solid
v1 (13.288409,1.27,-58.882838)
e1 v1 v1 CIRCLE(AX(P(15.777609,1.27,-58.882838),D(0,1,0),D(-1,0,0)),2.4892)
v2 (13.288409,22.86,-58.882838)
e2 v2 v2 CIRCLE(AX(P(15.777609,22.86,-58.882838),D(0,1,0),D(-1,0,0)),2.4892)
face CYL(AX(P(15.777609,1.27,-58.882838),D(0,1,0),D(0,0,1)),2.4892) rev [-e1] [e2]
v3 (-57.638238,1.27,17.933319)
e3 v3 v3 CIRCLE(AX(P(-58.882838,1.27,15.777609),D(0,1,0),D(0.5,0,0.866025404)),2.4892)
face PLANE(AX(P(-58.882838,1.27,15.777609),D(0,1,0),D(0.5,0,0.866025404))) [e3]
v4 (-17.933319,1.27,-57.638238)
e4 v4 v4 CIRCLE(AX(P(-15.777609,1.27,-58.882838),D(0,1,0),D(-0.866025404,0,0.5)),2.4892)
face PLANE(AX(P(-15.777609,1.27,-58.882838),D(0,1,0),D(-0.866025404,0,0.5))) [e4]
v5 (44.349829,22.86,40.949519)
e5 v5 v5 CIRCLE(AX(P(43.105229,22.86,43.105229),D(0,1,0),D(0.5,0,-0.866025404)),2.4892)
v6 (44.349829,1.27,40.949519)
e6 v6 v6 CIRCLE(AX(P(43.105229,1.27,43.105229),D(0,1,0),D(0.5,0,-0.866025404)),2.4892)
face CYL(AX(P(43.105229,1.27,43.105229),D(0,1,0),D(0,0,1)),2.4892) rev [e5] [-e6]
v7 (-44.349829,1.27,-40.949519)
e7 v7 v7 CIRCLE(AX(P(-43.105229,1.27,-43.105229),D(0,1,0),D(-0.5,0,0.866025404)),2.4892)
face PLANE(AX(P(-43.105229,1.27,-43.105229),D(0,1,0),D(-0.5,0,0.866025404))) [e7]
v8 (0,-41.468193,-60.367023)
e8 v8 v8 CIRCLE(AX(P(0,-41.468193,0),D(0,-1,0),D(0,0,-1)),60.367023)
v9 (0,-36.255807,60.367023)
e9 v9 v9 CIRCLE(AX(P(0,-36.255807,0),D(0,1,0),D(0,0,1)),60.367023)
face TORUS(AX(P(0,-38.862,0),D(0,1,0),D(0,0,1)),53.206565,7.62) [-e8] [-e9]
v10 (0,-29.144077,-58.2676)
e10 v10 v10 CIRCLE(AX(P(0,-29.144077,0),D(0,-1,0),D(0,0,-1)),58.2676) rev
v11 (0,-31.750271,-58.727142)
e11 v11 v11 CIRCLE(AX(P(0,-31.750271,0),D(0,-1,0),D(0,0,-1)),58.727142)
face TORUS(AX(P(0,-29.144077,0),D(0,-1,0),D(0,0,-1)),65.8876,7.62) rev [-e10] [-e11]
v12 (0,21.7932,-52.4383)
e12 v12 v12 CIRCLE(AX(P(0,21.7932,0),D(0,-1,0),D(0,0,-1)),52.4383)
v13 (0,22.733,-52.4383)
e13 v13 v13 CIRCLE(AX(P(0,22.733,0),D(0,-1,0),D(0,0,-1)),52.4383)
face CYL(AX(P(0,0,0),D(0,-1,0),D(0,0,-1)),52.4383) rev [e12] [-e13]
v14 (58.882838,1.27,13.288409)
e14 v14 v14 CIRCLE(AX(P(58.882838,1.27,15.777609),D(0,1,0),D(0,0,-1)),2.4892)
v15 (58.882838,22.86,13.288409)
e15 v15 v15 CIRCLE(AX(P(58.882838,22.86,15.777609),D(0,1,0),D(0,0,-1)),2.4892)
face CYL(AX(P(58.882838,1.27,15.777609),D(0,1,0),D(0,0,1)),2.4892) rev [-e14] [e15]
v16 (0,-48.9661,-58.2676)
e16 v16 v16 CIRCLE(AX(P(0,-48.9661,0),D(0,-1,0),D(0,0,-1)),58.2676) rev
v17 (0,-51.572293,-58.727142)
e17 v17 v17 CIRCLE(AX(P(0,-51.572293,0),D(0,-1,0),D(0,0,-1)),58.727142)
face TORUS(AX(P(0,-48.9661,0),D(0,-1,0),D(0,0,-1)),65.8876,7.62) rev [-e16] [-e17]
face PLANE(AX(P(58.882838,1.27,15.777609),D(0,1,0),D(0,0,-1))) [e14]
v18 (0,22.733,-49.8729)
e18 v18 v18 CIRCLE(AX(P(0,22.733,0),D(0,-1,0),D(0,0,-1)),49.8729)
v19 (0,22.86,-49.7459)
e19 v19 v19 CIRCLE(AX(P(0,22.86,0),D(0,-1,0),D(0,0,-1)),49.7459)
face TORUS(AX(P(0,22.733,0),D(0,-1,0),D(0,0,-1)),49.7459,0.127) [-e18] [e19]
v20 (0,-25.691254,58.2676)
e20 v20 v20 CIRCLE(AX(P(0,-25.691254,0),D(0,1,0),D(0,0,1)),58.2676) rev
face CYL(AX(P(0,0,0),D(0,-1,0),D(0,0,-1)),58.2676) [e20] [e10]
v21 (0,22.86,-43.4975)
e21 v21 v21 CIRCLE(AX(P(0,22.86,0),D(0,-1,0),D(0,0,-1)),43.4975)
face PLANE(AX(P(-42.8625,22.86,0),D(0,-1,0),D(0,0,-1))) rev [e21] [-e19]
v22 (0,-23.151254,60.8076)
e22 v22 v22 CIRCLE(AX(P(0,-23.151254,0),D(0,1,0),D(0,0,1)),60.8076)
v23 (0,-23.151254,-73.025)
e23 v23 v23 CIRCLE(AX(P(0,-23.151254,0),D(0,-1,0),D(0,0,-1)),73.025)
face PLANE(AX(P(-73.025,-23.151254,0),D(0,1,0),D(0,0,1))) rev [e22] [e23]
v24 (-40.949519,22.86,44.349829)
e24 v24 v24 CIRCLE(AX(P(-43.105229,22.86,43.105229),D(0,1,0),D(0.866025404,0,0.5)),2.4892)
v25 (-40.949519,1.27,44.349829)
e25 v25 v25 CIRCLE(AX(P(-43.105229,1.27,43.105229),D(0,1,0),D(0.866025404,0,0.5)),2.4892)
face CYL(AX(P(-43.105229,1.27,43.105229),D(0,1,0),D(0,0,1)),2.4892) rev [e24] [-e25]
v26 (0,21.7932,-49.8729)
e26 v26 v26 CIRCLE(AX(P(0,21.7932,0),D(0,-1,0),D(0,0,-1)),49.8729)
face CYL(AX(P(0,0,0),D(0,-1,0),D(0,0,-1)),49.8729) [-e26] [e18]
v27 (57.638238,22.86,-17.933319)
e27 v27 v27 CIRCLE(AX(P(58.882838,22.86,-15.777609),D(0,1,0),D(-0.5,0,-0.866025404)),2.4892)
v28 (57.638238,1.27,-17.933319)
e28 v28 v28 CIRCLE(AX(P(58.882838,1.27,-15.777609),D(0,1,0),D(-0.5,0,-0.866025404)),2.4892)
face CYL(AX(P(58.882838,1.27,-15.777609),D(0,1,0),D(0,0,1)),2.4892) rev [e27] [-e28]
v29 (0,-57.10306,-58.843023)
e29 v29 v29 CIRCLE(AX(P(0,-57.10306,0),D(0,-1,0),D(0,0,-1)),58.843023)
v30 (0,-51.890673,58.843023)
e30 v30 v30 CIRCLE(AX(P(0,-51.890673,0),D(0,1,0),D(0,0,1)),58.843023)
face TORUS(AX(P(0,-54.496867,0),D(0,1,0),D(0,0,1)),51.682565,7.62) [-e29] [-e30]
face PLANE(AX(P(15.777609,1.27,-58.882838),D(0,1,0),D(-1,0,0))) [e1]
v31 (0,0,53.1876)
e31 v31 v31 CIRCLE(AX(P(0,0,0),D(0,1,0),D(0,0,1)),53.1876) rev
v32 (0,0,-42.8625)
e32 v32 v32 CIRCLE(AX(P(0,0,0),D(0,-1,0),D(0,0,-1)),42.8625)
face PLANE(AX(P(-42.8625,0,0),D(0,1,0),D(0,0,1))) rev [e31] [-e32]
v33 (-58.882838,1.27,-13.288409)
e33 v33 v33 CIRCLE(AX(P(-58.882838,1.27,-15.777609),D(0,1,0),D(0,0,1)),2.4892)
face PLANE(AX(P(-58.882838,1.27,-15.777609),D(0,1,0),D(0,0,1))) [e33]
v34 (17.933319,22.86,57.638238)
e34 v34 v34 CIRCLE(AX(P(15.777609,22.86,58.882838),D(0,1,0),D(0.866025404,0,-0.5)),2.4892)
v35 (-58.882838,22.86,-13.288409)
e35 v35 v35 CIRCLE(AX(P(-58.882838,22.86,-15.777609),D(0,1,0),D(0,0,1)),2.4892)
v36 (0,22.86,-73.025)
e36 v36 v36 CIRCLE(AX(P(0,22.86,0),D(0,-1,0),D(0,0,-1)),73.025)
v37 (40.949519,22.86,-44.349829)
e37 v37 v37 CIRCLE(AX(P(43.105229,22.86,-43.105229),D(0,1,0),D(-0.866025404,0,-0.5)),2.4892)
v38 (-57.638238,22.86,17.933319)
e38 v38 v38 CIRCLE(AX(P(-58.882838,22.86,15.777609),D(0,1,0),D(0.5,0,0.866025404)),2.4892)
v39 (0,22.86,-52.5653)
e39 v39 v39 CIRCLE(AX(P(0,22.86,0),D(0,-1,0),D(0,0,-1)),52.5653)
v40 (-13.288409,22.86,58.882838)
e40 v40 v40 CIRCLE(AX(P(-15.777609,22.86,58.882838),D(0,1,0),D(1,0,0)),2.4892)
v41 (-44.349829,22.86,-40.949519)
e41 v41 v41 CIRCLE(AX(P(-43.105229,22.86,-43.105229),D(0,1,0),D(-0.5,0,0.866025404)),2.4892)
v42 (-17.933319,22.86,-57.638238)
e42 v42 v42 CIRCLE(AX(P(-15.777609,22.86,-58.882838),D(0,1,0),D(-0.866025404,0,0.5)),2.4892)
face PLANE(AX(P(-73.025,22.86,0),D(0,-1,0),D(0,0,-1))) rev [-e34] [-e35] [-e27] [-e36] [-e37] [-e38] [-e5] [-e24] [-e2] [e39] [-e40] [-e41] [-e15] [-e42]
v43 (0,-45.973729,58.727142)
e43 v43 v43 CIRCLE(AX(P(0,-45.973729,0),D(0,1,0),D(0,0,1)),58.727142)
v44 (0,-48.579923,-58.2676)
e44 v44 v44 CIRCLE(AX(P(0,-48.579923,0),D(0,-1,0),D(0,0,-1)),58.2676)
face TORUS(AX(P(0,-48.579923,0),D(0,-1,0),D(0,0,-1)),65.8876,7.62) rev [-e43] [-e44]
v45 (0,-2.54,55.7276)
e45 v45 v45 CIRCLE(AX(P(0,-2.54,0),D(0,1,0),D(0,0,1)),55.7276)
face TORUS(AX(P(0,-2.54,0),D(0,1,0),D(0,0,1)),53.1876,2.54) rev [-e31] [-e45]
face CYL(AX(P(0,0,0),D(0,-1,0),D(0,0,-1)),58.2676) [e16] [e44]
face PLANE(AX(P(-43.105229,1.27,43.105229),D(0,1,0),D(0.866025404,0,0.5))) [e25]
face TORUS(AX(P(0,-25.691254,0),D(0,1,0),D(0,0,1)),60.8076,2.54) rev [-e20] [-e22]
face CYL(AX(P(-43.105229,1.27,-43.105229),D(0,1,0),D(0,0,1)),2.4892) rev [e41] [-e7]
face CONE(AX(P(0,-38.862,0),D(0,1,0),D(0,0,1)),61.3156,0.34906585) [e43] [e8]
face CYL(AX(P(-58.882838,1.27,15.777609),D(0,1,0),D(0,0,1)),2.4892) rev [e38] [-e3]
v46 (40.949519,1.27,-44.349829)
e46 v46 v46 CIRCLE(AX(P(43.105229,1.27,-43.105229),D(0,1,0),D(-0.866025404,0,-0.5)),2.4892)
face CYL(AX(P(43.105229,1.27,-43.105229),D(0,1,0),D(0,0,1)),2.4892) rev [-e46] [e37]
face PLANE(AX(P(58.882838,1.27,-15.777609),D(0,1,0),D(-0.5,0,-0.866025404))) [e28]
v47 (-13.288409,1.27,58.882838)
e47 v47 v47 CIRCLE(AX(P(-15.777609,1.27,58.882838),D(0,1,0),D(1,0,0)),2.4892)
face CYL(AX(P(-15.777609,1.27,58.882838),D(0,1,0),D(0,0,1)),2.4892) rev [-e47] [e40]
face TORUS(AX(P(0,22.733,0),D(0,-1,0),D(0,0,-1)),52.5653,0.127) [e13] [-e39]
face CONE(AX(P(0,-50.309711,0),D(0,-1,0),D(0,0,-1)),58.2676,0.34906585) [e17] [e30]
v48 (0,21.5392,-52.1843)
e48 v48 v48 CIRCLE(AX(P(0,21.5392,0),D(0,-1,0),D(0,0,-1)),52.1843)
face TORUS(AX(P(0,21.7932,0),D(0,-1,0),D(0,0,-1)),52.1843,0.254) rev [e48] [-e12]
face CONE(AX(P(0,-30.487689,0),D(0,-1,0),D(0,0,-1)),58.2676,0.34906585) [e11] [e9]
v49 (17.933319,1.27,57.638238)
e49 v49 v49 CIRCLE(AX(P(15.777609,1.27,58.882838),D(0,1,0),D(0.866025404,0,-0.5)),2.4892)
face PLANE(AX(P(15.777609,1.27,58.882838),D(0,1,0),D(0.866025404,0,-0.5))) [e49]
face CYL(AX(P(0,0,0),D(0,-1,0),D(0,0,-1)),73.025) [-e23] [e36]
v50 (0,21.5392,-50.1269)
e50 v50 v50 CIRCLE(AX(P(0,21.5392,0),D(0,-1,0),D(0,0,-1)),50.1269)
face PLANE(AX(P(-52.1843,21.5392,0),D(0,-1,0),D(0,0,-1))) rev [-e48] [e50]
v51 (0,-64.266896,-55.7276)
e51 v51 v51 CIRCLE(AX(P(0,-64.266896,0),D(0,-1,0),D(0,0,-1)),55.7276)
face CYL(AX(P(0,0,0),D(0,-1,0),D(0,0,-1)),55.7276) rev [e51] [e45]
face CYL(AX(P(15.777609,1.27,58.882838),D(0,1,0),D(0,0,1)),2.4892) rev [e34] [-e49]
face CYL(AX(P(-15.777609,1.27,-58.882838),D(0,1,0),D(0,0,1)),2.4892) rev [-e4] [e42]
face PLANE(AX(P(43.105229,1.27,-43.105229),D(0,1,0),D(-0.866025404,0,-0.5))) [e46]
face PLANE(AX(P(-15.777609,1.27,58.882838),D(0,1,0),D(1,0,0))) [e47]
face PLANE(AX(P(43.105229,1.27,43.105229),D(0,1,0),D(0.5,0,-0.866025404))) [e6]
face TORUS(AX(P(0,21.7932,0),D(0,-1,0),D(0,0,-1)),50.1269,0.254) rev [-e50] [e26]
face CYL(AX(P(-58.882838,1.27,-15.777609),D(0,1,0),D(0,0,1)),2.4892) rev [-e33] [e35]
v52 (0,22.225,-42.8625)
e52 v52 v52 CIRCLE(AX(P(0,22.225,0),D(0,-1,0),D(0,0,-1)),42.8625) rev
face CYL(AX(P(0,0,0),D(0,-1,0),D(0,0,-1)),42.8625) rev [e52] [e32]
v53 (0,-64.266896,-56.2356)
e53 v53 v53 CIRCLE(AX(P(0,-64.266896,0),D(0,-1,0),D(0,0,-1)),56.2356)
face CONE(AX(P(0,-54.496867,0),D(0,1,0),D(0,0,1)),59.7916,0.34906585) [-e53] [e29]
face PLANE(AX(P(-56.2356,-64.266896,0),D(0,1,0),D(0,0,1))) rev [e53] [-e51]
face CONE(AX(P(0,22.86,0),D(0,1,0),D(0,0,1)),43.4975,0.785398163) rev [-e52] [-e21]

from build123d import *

# Parameters (mm, degrees)
ASSEMBLY_BOLT_INSERT_DIAMETER_R = 2.4892
ASSEMBLY_BOLT_INSERT_CUT_DEPTH  = 21.59
ASSEMBLY_BOLTS_COUNT            = 12
FILLET1_R                       = 7.62
FILLET2_R                       = 2.54
FILLET3_R                       = 7.62
FILLET7_R                       = 7.62
CHAMFER1_SIZE                   = 0.635


with BuildPart() as part:
    # Flange profile → Flange (revolve)
    with BuildSketch(Plane.XY):
        with BuildLine():
            Line((-42.8625, 22.86), (-42.8625, 0))
            Line((-42.8625, 0), (-55.7276, 0))
            Line((-55.7276, 0), (-55.7276, -64.266896465))
            Line((-55.7276, -64.266896465), (-56.2356, -64.266896465))
            Line((-56.2356, -64.266896465), (-59.7916, -54.496866762))
            Line((-59.7916, -54.496866762), (-58.2676, -50.309711174))
            Line((-58.2676, -50.309711174), (-58.2676, -47.236311174))
            Line((-58.2676, -47.236311174), (-61.3156, -38.862))
            Line((-61.3156, -38.862), (-58.2676, -30.487688826))
            Line((-58.2676, -30.487688826), (-58.2676, -23.151254335))
            Line((-58.2676, -23.151254335), (-73.025, -23.151254335))
            Line((-73.025, -23.151254335), (-73.025, 22.86))
            Line((-73.025, 22.86), (-52.5653, 22.86))
            ThreePointArc((-52.5653, 22.86), (-52.475497439, 22.822802561), (-52.4383, 22.733))
            Line((-52.4383, 22.733), (-52.4383, 21.7932))
            ThreePointArc((-52.4383, 21.7932), (-52.363905122, 21.613594878), (-52.1843, 21.5392))
            Line((-52.1843, 21.5392), (-50.1269, 21.5392))
            ThreePointArc((-50.1269, 21.5392), (-49.947294878, 21.613594878), (-49.8729, 21.7932))
            Line((-49.8729, 21.7932), (-49.8729, 22.733))
            ThreePointArc((-49.8729, 22.733), (-49.835702561, 22.822802561), (-49.7459, 22.86))
            Line((-49.7459, 22.86), (-42.8625, 22.86))
        make_face()
    revolve(axis=Axis((0, 0, 0), (0, 1, 0)))

    # Assembly Bolt Insert Diameter → Assembly Bolt Insert Cut (cut)
    with BuildSketch(Plane(origin=(0, 22.86, 0), x_dir=(1, 0, 0), z_dir=(0, 1, 0))):
        with Locations((-58.882838371, 15.777608989)):
            Circle(ASSEMBLY_BOLT_INSERT_DIAMETER_R)
    assembly_bolt_insert_cut = extrude(amount=-ASSEMBLY_BOLT_INSERT_CUT_DEPTH, mode=Mode.SUBTRACT)

    # Assembly Bolts: Assembly Bolt Insert Cut ×12 about axis
    assembly_bolts_axis = Axis((0, 0, 0), (0, -1, 0))
    for i in range(1, ASSEMBLY_BOLTS_COUNT):
        add(assembly_bolt_insert_cut.rotate(assembly_bolts_axis, i * 360 / ASSEMBLY_BOLTS_COUNT), mode=Mode.SUBTRACT)

    # Fillet1
    fillet1_edges = [part.edges().sort_by_distance(p)[0] for p in [
        (61.3156, -38.862, 0),
    ]]
    fillet(fillet1_edges, radius=FILLET1_R)

    # Fillet2
    fillet2_edges = [part.edges().sort_by_distance(p)[0] for p in [
        (58.2676, -23.151254335, 0),
        (55.7276, 0, 0),
    ]]
    fillet(fillet2_edges, radius=FILLET2_R)

    # Fillet3
    fillet3_edges = [part.edges().sort_by_distance(p)[0] for p in [
        (59.7916, -54.496866762, 0),
    ]]
    fillet(fillet3_edges, radius=FILLET3_R)

    # Fillet7
    fillet7_edges = [part.edges().sort_by_distance(p)[0] for p in [
        (58.2676, -50.309711174, 0),
        (58.2676, -47.236311174, 0),
        (58.2676, -30.487688826, 0),
    ]]
    fillet(fillet7_edges, radius=FILLET7_R)

    # Chamfer1
    chamfer1_edges = [part.edges().sort_by_distance(p)[0] for p in [
        (42.8625, 22.86, 0),
    ]]
    chamfer(chamfer1_edges, length=CHAMFER1_SIZE)


solid = part.part
